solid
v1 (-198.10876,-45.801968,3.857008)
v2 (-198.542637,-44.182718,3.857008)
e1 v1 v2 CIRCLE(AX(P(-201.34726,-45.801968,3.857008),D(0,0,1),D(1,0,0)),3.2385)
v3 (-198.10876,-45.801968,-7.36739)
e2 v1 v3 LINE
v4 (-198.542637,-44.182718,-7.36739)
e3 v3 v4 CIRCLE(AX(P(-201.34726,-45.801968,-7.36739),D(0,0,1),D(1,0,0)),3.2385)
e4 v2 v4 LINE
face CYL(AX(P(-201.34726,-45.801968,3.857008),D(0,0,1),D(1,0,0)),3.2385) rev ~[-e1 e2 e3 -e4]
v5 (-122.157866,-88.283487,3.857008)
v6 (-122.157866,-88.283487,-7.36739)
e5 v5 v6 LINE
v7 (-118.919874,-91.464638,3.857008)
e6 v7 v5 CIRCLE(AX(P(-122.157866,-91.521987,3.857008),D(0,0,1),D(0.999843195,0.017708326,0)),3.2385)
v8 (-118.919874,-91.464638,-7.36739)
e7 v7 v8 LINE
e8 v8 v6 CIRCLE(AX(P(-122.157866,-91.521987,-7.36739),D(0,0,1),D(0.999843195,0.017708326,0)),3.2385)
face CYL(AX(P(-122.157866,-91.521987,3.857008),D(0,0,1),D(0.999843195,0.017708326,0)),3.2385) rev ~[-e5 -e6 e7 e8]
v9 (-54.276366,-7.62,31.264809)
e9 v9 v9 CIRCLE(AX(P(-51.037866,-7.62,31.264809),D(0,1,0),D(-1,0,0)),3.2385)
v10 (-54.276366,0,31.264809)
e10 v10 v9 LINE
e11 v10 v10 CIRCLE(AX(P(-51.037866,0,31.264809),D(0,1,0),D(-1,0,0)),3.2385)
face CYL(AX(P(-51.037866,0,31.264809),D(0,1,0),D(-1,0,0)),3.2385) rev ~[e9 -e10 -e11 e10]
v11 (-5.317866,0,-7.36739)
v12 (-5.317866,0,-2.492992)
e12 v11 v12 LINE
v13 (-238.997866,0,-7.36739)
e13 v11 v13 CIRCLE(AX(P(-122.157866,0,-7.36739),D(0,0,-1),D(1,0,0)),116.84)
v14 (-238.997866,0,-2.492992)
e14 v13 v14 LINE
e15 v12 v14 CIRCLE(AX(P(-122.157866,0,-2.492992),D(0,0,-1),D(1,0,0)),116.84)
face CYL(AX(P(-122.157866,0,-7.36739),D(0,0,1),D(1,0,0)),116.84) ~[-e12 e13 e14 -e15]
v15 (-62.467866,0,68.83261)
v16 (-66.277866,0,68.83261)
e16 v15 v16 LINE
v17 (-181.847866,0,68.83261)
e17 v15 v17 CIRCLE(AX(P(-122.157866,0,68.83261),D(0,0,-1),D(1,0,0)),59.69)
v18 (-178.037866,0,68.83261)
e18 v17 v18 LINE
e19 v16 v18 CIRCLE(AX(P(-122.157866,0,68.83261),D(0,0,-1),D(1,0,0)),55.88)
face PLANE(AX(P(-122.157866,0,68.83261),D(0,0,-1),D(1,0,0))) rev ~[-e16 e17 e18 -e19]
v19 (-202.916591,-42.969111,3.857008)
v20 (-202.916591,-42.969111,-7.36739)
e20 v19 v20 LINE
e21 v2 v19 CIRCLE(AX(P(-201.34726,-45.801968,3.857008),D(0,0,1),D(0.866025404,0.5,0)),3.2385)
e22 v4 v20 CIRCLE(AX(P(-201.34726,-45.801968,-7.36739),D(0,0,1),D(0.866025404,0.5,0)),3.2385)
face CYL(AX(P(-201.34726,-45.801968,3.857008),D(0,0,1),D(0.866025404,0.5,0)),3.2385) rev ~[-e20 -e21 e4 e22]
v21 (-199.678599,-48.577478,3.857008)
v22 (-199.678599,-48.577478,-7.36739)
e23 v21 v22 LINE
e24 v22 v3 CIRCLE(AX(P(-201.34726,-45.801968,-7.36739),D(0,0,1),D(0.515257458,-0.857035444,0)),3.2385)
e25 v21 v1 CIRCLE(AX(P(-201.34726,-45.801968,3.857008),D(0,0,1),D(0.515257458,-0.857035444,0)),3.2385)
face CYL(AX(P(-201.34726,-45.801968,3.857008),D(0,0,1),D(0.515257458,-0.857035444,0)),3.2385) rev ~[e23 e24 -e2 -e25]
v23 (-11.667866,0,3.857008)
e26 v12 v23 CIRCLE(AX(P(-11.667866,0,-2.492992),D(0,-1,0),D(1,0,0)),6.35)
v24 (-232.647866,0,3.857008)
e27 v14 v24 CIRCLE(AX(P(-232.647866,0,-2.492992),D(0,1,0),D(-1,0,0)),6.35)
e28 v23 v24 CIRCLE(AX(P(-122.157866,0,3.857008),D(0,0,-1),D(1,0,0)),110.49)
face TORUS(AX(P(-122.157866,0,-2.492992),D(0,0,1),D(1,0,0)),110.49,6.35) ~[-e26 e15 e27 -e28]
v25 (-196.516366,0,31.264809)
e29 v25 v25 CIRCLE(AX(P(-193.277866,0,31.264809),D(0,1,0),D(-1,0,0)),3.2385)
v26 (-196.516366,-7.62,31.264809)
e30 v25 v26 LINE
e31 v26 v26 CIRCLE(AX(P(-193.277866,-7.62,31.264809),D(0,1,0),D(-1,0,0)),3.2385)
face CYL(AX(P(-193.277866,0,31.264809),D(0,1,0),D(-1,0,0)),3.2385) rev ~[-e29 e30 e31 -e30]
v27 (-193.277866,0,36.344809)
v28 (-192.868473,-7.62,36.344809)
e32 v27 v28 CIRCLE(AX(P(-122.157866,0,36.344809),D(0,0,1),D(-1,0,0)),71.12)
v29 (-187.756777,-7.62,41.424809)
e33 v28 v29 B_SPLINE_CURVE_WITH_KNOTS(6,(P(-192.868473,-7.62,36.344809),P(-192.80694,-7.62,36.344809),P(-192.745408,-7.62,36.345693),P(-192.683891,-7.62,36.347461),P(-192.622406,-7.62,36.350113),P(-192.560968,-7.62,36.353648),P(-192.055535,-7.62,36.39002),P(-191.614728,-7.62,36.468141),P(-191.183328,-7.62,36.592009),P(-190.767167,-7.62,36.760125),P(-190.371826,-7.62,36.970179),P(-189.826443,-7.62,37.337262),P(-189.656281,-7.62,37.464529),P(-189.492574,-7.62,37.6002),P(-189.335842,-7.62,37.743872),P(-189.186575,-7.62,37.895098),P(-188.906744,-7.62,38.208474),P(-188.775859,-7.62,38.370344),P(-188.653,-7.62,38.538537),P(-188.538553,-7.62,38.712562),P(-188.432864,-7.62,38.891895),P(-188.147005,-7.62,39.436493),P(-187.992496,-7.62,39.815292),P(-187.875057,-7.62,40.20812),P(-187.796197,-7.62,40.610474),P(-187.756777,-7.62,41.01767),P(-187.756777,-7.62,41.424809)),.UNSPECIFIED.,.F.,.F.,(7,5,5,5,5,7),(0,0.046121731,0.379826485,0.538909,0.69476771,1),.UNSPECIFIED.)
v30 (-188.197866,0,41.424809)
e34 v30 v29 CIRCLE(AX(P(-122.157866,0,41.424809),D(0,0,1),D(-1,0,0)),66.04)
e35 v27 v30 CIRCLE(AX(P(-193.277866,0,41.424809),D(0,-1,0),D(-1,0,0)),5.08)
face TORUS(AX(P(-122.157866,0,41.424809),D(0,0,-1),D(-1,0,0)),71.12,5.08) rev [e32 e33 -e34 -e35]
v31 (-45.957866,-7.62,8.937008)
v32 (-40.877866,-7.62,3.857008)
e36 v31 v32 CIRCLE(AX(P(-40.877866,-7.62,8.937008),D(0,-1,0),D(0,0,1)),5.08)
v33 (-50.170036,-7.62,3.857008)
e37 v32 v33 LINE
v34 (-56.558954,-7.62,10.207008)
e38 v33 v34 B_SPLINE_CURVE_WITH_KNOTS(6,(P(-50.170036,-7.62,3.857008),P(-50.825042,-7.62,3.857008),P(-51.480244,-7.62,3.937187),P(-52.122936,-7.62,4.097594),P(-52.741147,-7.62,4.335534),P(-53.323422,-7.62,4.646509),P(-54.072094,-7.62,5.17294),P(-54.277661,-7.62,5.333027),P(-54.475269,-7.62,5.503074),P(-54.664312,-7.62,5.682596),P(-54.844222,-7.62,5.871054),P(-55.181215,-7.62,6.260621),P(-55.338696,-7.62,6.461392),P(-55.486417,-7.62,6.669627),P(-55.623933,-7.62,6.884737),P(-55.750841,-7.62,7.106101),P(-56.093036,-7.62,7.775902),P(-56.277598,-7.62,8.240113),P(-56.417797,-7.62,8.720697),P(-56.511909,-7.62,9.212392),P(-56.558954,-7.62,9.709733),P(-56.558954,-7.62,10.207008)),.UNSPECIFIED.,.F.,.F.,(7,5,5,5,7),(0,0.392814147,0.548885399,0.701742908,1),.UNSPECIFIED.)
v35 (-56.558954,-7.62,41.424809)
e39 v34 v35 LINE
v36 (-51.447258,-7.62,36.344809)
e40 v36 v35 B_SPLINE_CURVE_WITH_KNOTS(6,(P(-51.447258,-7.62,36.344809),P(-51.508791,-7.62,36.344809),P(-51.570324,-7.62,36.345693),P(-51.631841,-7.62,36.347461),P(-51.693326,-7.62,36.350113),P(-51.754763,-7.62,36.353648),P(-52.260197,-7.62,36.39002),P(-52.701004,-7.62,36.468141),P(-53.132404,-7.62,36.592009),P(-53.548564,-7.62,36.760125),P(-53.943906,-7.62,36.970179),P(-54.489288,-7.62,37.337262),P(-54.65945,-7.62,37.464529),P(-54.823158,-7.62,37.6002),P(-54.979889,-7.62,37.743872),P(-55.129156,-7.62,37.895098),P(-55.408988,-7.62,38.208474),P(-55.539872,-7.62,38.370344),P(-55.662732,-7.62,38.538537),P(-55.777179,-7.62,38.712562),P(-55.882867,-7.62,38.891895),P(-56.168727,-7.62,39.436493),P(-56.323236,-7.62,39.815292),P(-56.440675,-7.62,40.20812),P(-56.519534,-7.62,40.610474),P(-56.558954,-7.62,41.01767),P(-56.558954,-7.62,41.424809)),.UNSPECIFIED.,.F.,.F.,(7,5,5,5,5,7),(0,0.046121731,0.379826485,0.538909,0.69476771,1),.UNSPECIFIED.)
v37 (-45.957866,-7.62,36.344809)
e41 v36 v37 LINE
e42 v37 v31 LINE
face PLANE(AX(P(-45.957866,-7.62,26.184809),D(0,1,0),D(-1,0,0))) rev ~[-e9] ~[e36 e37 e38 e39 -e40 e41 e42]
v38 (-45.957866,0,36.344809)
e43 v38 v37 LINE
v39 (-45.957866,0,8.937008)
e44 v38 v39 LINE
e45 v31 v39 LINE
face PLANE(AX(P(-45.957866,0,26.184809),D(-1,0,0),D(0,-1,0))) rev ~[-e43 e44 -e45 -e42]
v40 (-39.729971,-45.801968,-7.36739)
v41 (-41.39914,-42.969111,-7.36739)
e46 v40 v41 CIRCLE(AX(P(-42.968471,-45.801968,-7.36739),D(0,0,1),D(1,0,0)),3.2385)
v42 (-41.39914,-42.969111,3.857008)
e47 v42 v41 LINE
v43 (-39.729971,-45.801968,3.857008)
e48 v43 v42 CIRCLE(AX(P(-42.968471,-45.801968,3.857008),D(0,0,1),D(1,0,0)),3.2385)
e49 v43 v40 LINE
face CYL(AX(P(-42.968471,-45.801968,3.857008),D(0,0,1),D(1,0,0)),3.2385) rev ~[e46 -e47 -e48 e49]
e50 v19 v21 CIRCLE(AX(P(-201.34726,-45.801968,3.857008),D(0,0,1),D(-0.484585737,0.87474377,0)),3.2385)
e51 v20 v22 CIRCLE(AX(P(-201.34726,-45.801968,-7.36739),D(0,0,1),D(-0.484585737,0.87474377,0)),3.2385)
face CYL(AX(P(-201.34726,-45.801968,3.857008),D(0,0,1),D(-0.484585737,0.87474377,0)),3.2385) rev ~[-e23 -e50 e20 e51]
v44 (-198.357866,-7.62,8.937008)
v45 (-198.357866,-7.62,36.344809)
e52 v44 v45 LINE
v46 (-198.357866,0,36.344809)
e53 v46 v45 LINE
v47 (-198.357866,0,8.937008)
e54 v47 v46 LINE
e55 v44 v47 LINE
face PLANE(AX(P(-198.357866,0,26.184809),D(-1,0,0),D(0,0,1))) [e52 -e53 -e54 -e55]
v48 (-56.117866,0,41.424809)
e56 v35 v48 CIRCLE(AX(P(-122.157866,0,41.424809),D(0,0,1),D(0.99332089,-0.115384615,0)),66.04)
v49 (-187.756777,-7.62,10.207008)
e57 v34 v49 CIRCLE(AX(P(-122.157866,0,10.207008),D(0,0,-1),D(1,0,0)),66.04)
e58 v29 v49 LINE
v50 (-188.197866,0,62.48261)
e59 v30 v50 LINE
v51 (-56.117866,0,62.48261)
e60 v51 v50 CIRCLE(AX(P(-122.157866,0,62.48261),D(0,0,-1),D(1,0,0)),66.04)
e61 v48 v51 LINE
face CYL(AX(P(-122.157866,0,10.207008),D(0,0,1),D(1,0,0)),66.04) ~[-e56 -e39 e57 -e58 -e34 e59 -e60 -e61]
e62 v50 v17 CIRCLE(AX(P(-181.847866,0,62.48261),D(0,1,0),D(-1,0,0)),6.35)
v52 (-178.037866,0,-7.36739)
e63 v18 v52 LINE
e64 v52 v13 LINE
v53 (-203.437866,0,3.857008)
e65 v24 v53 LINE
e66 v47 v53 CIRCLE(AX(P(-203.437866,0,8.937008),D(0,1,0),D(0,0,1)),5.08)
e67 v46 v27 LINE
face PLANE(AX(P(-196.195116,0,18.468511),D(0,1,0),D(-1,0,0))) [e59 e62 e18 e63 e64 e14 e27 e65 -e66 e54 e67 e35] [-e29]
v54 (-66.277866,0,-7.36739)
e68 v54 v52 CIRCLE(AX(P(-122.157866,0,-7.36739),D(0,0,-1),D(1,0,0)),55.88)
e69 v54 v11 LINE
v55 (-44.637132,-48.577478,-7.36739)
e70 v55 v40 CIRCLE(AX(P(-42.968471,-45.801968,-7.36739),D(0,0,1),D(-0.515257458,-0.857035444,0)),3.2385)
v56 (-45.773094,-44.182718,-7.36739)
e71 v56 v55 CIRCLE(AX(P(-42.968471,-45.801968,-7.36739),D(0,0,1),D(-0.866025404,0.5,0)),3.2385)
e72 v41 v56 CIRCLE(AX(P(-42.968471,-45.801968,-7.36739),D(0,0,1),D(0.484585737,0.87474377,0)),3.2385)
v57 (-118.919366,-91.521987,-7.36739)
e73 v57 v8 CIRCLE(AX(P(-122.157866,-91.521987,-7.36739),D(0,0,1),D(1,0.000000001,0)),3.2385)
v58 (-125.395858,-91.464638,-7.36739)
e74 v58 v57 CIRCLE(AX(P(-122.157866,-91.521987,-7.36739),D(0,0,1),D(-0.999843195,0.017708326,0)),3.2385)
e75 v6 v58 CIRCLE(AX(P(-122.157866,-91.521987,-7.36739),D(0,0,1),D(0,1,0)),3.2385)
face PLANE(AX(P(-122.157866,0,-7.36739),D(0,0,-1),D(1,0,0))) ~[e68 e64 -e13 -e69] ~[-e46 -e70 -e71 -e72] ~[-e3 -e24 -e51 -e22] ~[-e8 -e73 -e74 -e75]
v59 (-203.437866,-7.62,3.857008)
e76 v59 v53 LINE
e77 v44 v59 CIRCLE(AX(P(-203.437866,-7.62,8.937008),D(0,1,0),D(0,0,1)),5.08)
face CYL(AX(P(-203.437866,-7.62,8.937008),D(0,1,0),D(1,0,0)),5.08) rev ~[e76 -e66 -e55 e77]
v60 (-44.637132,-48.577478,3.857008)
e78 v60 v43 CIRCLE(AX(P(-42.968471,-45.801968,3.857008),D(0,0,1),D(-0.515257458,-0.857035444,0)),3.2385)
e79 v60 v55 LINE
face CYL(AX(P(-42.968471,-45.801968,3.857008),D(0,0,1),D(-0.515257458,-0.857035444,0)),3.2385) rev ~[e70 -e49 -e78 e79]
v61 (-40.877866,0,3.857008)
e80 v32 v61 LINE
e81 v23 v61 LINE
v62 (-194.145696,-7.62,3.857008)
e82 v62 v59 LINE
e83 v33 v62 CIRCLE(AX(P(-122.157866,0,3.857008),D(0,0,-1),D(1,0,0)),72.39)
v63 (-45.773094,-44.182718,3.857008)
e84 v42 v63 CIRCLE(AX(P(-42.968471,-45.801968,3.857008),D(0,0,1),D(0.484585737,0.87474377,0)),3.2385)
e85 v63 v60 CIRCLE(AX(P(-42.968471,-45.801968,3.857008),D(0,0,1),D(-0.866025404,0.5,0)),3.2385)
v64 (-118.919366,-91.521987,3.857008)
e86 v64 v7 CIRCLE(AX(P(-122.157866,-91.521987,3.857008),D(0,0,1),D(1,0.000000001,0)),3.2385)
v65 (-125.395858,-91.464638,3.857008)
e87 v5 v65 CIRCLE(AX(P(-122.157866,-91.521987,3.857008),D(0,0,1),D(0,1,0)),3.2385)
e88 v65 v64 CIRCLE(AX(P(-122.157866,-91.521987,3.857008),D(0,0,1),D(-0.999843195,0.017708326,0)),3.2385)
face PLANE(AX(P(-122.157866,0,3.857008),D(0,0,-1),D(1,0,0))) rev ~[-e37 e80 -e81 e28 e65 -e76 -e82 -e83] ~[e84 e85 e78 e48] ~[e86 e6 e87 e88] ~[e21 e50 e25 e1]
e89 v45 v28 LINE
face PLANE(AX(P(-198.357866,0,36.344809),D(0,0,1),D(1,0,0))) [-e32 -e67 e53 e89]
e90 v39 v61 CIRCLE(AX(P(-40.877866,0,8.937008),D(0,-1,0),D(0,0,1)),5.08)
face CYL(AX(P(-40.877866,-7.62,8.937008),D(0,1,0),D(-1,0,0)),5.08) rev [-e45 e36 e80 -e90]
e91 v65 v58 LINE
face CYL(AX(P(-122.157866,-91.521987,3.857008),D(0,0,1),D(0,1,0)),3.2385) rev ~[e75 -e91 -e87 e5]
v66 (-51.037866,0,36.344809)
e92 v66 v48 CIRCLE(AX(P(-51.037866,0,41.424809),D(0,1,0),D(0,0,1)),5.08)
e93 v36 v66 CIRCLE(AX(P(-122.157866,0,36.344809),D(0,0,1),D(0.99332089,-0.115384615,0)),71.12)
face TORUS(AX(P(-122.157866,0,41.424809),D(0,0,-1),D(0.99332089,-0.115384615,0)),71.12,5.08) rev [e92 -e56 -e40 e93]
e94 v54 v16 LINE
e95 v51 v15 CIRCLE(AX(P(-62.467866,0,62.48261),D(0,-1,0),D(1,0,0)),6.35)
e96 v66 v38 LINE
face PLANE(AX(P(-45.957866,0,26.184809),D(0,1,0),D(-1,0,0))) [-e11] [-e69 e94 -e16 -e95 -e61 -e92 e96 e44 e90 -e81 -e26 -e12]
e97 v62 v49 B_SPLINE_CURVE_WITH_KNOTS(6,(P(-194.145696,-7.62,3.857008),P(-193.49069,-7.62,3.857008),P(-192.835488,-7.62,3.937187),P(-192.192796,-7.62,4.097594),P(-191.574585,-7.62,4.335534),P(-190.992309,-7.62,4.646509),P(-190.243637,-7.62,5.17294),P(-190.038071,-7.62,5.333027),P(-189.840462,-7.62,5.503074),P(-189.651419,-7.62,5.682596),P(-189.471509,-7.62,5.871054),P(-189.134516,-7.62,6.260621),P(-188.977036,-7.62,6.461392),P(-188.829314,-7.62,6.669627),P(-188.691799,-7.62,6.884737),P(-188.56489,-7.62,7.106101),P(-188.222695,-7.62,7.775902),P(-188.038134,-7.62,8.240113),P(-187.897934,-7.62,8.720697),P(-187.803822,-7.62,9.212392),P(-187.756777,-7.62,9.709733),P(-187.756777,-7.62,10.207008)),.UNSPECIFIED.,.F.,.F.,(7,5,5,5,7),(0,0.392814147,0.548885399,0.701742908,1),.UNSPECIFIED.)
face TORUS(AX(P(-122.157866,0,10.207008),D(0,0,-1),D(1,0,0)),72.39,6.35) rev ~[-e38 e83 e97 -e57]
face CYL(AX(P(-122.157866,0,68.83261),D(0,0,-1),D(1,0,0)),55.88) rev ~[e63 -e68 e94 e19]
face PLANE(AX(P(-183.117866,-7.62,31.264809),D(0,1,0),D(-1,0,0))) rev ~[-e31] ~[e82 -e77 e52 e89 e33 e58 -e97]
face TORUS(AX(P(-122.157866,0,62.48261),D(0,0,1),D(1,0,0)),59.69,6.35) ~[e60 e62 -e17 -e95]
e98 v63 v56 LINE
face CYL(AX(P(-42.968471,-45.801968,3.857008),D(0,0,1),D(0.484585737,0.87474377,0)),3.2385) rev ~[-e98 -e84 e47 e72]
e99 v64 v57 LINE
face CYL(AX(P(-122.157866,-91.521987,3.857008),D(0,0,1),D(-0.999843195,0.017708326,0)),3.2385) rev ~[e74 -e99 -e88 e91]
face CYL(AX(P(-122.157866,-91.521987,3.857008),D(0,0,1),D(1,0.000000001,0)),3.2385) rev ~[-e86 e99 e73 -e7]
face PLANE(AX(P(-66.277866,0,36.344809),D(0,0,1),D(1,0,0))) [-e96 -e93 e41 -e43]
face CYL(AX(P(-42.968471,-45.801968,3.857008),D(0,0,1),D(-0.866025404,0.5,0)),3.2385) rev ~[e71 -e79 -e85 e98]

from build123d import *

# Parameters (mm, degrees)
F1_ANGLE  = 180
F2_W      = 10.16
F2_H      = 10.16
F3_DEPTH  = 7.62
F4_R      = 3.2385
F5_DEPTH  = 25.4
F6_W      = 10.16
F6_H      = 10.16
F7_DEPTH  = 7.62
F8_R      = 3.2385
F9_DEPTH  = 25.4
F11_DEPTH = 25.4
F12_DEPTH = 25.4
F13_DEPTH = 25.4
F14_R     = 5.08


with BuildPart() as f1:
    # F0 (on Front) → F1 (revolve)
    with BuildSketch(Plane.XZ):
        with BuildLine():
            Line((-62.4678657544, 68.8326101213), (-66.2778657544, 68.8326101213))
            Line((-66.2778657544, 68.8326101213), (-66.2778657544, -7.3673898787))
            Line((-66.2778657544, -7.3673898787), (-56.3942688751, -7.3673898787))
            Line((-56.3942688751, -7.3673898787), (-5.3178657544, -7.3673898787))
            Line((-5.3178657544, -7.3673898787), (-5.3178657544, -2.4929920513))
            ThreePointArc((-5.3178657544, -2.4929920513), (-7.1777376938, 1.9971360092), (-11.6678657544, 3.8570079487))
            Line((-11.6678657544, 3.8570079487), (-49.7678657544, 3.8570079487))
            ThreePointArc((-49.7678657544, 3.8570079487), (-54.2579938149, 5.7168798881), (-56.1178657544, 10.2070079487))
            Line((-56.1178657544, 10.2070079487), (-56.1178657544, 62.4826101213))
            ThreePointArc((-56.1178657544, 62.4826101213), (-57.9777376938, 66.9727381818), (-62.4678657544, 68.8326101213))
        make_face()
    revolve(axis=Axis((-122.1578657544, 0, 30.7326101213), (0, 0, -1)), revolution_arc=F1_ANGLE)

    # F2 (on face) → F3 (join)
    with BuildSketch(Plane(origin=(0, 0, 0), x_dir=(-1, 0, 0), z_dir=(0, 1, 0))):
        with Locations((61.1978657544, 31.264809035)):
            Rectangle(F2_W, F2_H)
        with Locations((51.0378657544, 31.264809035)):
            Rectangle(F2_W, F2_H)
    extrude(amount=-F3_DEPTH)

    # F4 (on face) → F5 (cut)
    with BuildSketch(Plane(origin=(0, 0, 0), x_dir=(-1, 0, 0), z_dir=(0, 1, 0))):
        with Locations((51.0378657544, 31.264809035)):
            Circle(F4_R)
    extrude(amount=-F5_DEPTH, mode=Mode.SUBTRACT)

    # F6 (on face) → F7 (join)
    with BuildSketch(Plane(origin=(0, 0, 0), x_dir=(-1, 0, 0), z_dir=(0, 1, 0))):
        with Locations((183.1178657544, 31.264809035)):
            Rectangle(F6_W, F6_H)
        with Locations((193.2778657544, 31.264809035)):
            Rectangle(F6_W, F6_H)
    extrude(amount=-F7_DEPTH)

    # F8 (on face) → F9 (cut)
    with BuildSketch(Plane(origin=(0, 0, 0), x_dir=(-1, 0, 0), z_dir=(0, 1, 0))):
        with Locations((193.2778657544, 31.264809035)):
            Circle(F8_R)
    extrude(amount=-F9_DEPTH, mode=Mode.SUBTRACT)

    # F10 (on face) → F11 (cut)
    with BuildSketch(Plane.XY.offset(3.8570079487)):
        with BuildLine():
            ThreePointArc((-201.347260479, -45.8019683397), (-202.1444682095, -44.3924875908), (-202.9165913892, -42.9691106405))
            ThreePointArc((-202.9165913892, -42.9691106405), (-204.1518837491, -47.4212183397), (-199.6785992012, -48.5774776245))
            ThreePointArc((-199.6785992012, -48.5774776245), (-200.5252182095, -47.1971108609), (-201.347260479, -45.8019683397))
        make_face()
        with BuildLine():
            ThreePointArc((-198.5426372088, -44.1827183397), (-200.4814096168, -42.6813619028), (-202.9165913892, -42.9691106405))
            ThreePointArc((-202.9165913892, -42.9691106405), (-202.1444682095, -44.3924875908), (-201.347260479, -45.8019683397))
            Line((-201.347260479, -45.8019683397), (-198.5426372088, -44.1827183397))
        make_face()
        with BuildLine():
            Line((-198.5426372088, -44.1827183397), (-201.347260479, -45.8019683397))
            ThreePointArc((-201.347260479, -45.8019683397), (-200.5252182095, -47.1971108609), (-199.6785992012, -48.5774776245))
            ThreePointArc((-199.6785992012, -48.5774776245), (-198.5284094898, -47.3963212966), (-198.108760479, -45.8019683397))
            ThreePointArc((-198.108760479, -45.8019683397), (-198.2191096905, -44.9637828622), (-198.5426372088, -44.1827183397))
        make_face()
        with BuildLine():
            ThreePointArc((-122.1578657544, -91.521986701), (-123.7771157544, -91.5076484732), (-125.3958579423, -91.4646382865))
            ThreePointArc((-125.3958579423, -91.4646382865), (-122.1865410857, -94.7603597455), (-118.9193657544, -91.521986701))
            ThreePointArc((-118.9193657544, -91.521986701), (-118.9194927099, -91.4933113696), (-118.9198735664, -91.4646382865))
            ThreePointArc((-118.9198735664, -91.4646382865), (-120.5386157544, -91.5076484732), (-122.1578657544, -91.521986701))
        make_face()
        with BuildLine():
            ThreePointArc((-122.1578657544, -88.283486701), (-124.4274647729, -89.2118346399), (-125.3958579423, -91.4646382865))
            ThreePointArc((-125.3958579423, -91.4646382865), (-123.7771157544, -91.5076484732), (-122.1578657544, -91.521986701))
            Line((-122.1578657544, -91.521986701), (-122.1578657544, -88.283486701))
        make_face()
        with BuildLine():
            ThreePointArc((-118.9198735664, -91.4646382865), (-119.8882667358, -89.2118346399), (-122.1578657544, -88.283486701))
            Line((-122.1578657544, -88.283486701), (-122.1578657544, -91.521986701))
            ThreePointArc((-122.1578657544, -91.521986701), (-120.5386157544, -91.5076484732), (-118.9198735664, -91.4646382865))
        make_face()
        with BuildLine():
            ThreePointArc((-39.7299710298, -45.8019683397), (-40.178295372, -44.1579482521), (-41.3991401196, -42.9691106405))
            ThreePointArc((-41.3991401196, -42.9691106405), (-42.1712632993, -44.3924875908), (-42.9684710298, -45.8019683397))
            ThreePointArc((-42.9684710298, -45.8019683397), (-43.7905132993, -47.1971108609), (-44.6371323075, -48.5774776245))
            ThreePointArc((-44.6371323075, -48.5774776245), (-41.3741180729, -48.6208193289), (-39.7299710298, -45.8019683397))
        make_face()
        with BuildLine():
            Line((-42.9684710298, -45.8019683397), (-45.7730942999, -44.1827183397))
            ThreePointArc((-45.7730942999, -44.1827183397), (-46.1039209105, -46.6124227157), (-44.6371323075, -48.5774776245))
            ThreePointArc((-44.6371323075, -48.5774776245), (-43.7905132993, -47.1971108609), (-42.9684710298, -45.8019683397))
        make_face()
        with BuildLine():
            ThreePointArc((-42.9684710298, -45.8019683397), (-42.1712632993, -44.3924875908), (-41.3991401196, -42.9691106405))
            ThreePointArc((-41.3991401196, -42.9691106405), (-43.834321892, -42.6813619028), (-45.7730942999, -44.1827183397))
            Line((-45.7730942999, -44.1827183397), (-42.9684710298, -45.8019683397))
        make_face()
    extrude(amount=-F11_DEPTH, mode=Mode.SUBTRACT)

    # F12 (add): a face of the model
    f12_faces = [f1.faces().sort_by_distance(p)[0] for p in [
        (-193.2036113422, -3.8371570424, 26.184809035),
    ]]
    extrude(f12_faces, amount=F12_DEPTH)

    # F13 (add): a face of the model
    f13_faces = [f1.faces().sort_by_distance(p)[0] for p in [
        (-51.1121201665, -3.8371570424, 26.184809035),
    ]]
    extrude(f13_faces, amount=F13_DEPTH)

    # F14
    f14_edges = [f1.edges().sort_by_distance(p)[0] for p in [
        (-198.357866, -3.81, 3.857008),
        (-188.087501, -3.816378, 36.344809),
        (-45.957866, -3.81, 3.857008),
        (-56.22823, -3.816378, 36.344809),
    ]]
    fillet(f14_edges, radius=F14_R)


solid = f1.part
